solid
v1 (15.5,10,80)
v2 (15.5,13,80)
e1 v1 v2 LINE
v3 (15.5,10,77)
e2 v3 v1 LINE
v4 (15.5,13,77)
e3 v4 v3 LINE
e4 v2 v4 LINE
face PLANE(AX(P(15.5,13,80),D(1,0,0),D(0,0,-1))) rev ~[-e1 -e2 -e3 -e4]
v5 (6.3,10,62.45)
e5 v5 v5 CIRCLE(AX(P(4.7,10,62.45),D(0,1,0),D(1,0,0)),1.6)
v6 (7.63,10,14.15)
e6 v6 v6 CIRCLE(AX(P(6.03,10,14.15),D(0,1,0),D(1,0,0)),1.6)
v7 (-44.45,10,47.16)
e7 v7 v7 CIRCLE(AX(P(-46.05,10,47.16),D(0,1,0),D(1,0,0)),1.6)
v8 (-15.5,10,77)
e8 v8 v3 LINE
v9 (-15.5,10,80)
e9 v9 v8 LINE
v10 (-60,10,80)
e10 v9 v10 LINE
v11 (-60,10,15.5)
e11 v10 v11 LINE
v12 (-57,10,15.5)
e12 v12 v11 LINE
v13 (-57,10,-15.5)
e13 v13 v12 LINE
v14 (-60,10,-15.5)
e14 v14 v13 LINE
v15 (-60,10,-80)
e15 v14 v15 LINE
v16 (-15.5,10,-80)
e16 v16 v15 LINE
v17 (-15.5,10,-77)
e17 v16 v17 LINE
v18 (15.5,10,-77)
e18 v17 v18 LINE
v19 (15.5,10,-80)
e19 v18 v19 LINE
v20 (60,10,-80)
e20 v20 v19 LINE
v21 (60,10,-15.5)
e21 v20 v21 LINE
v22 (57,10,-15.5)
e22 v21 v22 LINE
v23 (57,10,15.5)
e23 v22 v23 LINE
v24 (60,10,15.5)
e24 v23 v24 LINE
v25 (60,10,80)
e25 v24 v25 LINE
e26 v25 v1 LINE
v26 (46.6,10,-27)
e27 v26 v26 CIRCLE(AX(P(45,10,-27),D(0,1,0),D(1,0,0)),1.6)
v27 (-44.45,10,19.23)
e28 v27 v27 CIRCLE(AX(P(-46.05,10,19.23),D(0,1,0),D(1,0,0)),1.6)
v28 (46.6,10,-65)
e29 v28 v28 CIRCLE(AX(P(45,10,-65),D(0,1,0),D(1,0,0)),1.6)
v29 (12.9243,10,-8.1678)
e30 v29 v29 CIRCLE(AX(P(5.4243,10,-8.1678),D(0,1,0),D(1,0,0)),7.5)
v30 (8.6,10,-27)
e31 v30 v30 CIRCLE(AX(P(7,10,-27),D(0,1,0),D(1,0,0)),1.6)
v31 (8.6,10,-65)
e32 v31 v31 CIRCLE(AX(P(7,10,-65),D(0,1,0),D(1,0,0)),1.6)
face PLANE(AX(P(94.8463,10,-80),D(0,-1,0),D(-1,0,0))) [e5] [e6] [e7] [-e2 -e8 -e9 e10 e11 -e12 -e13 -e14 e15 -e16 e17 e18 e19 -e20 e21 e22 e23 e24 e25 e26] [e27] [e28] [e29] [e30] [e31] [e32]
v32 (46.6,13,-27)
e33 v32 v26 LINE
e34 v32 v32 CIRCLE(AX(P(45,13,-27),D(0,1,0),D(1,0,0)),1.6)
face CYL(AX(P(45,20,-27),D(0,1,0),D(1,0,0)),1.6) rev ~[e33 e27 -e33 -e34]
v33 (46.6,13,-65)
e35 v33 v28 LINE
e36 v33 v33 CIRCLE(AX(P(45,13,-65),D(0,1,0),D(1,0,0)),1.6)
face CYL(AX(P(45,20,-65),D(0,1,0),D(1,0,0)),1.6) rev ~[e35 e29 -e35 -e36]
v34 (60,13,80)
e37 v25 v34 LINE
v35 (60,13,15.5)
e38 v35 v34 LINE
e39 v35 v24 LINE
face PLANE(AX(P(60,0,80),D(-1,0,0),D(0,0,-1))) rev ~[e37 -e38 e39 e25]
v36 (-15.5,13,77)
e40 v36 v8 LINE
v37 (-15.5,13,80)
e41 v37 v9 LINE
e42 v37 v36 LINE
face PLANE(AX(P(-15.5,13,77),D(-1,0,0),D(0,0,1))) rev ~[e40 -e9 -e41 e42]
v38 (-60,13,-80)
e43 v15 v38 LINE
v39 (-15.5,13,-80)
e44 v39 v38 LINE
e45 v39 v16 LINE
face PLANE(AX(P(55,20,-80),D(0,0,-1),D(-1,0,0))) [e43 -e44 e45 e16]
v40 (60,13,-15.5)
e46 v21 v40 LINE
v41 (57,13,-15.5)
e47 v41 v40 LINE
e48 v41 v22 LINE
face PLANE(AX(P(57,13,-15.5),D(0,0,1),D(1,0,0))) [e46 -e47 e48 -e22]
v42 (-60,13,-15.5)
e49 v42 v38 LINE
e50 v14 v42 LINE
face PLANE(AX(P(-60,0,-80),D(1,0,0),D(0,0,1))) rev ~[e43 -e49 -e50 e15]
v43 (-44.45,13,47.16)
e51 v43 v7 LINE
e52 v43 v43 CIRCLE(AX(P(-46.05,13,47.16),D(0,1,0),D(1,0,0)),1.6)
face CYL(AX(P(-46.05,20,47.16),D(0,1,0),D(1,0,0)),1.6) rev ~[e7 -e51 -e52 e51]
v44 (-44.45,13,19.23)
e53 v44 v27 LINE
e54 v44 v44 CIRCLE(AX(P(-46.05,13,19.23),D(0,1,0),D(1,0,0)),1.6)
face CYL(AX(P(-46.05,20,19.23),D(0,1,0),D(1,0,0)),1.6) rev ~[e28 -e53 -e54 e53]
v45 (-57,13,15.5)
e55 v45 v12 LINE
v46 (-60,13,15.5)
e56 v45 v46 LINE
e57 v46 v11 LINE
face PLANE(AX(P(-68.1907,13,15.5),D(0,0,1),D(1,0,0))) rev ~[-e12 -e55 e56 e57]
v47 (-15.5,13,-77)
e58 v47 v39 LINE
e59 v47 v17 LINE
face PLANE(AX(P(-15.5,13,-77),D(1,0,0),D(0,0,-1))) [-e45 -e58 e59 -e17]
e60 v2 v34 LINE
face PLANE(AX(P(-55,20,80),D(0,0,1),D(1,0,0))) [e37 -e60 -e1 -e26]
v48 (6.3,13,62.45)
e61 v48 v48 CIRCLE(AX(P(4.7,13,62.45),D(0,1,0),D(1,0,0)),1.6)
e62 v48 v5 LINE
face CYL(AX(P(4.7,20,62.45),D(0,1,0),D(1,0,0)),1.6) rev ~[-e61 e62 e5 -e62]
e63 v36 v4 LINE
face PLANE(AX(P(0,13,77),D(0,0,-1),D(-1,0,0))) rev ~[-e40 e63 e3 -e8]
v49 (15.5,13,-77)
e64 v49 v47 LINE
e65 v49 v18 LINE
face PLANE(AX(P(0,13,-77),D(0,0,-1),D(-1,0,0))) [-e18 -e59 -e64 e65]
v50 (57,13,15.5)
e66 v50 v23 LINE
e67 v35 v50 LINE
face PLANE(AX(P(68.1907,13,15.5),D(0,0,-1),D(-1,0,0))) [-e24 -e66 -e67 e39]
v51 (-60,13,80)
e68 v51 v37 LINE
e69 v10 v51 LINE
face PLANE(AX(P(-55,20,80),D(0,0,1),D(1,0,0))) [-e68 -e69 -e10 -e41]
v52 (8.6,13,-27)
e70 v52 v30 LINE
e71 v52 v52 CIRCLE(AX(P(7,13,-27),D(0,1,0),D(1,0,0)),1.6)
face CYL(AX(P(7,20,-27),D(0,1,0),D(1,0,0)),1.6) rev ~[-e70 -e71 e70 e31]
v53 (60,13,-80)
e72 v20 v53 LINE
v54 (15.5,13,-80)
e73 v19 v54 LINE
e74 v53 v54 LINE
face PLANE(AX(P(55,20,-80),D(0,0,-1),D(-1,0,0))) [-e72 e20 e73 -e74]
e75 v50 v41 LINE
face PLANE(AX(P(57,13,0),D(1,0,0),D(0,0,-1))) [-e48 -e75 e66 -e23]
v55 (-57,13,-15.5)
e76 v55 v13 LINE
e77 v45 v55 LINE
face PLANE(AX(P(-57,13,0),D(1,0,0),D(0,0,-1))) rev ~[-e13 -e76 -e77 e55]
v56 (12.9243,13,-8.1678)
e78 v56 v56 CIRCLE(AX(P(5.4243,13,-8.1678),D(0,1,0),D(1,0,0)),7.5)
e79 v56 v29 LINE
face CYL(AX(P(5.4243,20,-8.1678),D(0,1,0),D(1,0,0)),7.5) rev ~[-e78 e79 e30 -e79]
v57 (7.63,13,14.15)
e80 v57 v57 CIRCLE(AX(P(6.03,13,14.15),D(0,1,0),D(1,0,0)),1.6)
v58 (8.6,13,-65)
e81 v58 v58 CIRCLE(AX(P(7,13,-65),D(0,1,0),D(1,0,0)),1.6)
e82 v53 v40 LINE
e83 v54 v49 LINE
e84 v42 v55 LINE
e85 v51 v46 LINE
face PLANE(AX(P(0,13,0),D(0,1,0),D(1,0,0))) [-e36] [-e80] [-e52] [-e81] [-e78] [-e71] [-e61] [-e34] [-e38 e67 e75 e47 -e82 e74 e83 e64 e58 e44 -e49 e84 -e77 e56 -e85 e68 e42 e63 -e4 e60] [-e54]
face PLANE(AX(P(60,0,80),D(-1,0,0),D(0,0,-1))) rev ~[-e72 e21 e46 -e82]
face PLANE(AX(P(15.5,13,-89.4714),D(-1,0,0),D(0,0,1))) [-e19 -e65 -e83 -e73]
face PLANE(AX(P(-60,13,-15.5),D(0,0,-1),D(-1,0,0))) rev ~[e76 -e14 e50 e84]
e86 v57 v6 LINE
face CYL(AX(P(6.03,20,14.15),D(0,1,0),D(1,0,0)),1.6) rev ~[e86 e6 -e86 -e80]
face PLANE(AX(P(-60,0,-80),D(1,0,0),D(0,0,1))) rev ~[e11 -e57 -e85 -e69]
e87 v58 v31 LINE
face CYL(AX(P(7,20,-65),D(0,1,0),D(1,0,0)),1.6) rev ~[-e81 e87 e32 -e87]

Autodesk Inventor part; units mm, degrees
ref_plane "YZ Plane" through (0, 0, 0) normal (1, 0, 0) x (0, 1, 0)
ref_plane "XZ Plane" through (0, 0, 0) normal (0, 1, 0) x (-1, 0, 0)
ref_plane "XY Plane" through (0, 0, 0) normal (0, 0, 1) x (1, 0, 0)
sketch "스케치1" plane through (0, 0, 0) normal (0, 1, 0) x (-1, 0, 0)
  line L0 (60, 80) -> (-60, 80)
  line L1 (-60, 80) -> (-60, -80)
  line L2 (-60, -80) -> (60, -80)
  line L3 (60, -80) -> (60, 80)
  line L4 (60, 80) -> (-60, -80) construction
  line L5 (-60, 80) -> (60, -80) construction
  point P0 (0, 0)
  dimension "d0" = 120
  dimension "d1" = 160
extrude "돌출1" add sketch "스케치1" along normal blind 60
sketch "스케치2" plane through (0, 60, 0) normal (0, 1, 0) x (1, 0, 0)
  line L0 (60, -80) -> (60, 80) projected
  line L1 (60, 80) -> (-60, 80) projected
  line L2 (55, 102.1646) -> (-55, 102.1646)
  line L3 (-55, 102.1646) -> (-55, -89.711)
  line L4 (-55, -89.711) -> (55, -89.711)
  line L5 (55, -89.711) -> (55, 102.1646)
  line L6 (-60, 80) -> (-60, -80) projected
  point P0 (0, 0)
  point P1 (55, 80)
  point P2 (-55, 80)
  dimension "d6" = 5
  dimension "d7" = 5
extrude "돌출2" cut sketch "스케치2" against normal blind 40 contours L5 L4 L3 L1
sketch "스케치12" plane through (60, 0, -80) normal (0, 0, -1) x (-1, 0, 0)
  line L0 (-34.8463, 10) -> (156.2634, 10)
  line L1 (156.2634, 10) -> (156.2634, -36.9465)
  line L2 (156.2634, -36.9465) -> (-34.8463, -36.9465)
  line L3 (-34.8463, -36.9465) -> (-34.8463, 10)
  line L4 (0, 0) -> (120, 0) projected
  point P0 (60, 0)
  dimension "d85" = 10
extrude "돌출10" cut sketch "스케치12" against normal through all
sketch "스케치13" plane through (-55, 20, 80) normal (0, 0, 1) x (1, 0, 0)
  line L0 (0, 40) -> (0, 0) projected
  line L1 (0, 0) -> (110, 0) projected
  line L2 (0, 40) -> (110, 40)
  line L3 (110, 40) -> (110, 0)
  line L4 (110, 0) -> (0, 0)
  line L5 (0, 0) -> (0, 40)
  point P0 (55, -20)
extrude "돌출11" add sketch "스케치13" against normal blind 5
sketch "스케치14" plane through (55, 20, -80) normal (0, 0, -1) x (-1, 0, 0)
  line L0 (0, 0) -> (0, 40) projected
  line L1 (110, 0) -> (0, 0) projected
  line L2 (0, 40) -> (110, 40)
  line L3 (110, 40) -> (110, 0)
  line L4 (110, 0) -> (0, 0)
  line L5 (0, 0) -> (0, 40)
  point P0 (55, -20)
extrude "돌출12" add sketch "스케치14" against normal blind 5
sketch "스케치15" plane through (60, 60, -80) normal (0, 0, -1) x (-1, 0, 0)
  point P0 (60, -60)
sketch "스케치16" plane through (60, 60, -80) normal (0, 0, -1) x (-1, 0, 0)
  point P0 (60, -60)
sketch "스케치17" plane through (0, 20, 0) normal (0, 1, 0) x (1, 0, 0)
  line L0 (7, 27) -> (45, 27)
  line L1 (45, 27) -> (45, 65)
  line L2 (45, 65) -> (7, 65)
  line L3 (7, 65) -> (7, 27)
  line L4 (55, 75) -> (55, -75) projected
  line L5 (55, 75) -> (-55, 75) projected
  circle A0 centre (7, 27) radius 1.6
  circle A1 centre (7, 65) radius 1.6
  circle A2 centre (45, 65) radius 1.6
  circle A3 centre (45, 27) radius 1.6
  line L6 (-47.9371, 14.7215) -> (-7.9371, 14.7215)
  line L7 (-7.9371, 14.7215) -> (-7.9371, 64.7215)
  line L8 (-7.9371, 64.7215) -> (-47.9371, 64.7215)
  line L9 (-47.9371, 64.7215) -> (-47.9371, 14.7215)
  point P0 (0, 0)
  dimension "d92" = 38
  dimension "d93" = 38
  dimension "d95" = 10
  dimension "d96" = 10
  dimension "d97" = 3.2
  dimension "d98" = 3.2
  dimension "d99" = 3.2
  dimension "d100" = 3.2
  dimension "d113" = 40
  dimension "d114" = 50
extrude "돌출13" cut sketch "스케치17" against normal through all contours L3 A0 L0 | L0 A0 L3 | A3 L1 L0 | L0 L1 A3 | A1 L2 L3 | L3 L2 A1 | A2 L2 L1 | L1 L2 A2
sketch "스케치21" plane through (0, 20, 0) normal (0, 1, 0) x (1, 0, 0)
  circle A0 centre (5.4243, 8.1678) radius 7.5
  line L0 (-49.3888, 17.2731) -> (-9.3888, 17.2731)
  line L1 (-9.3888, 17.2731) -> (-9.3888, 67.2731)
  line L2 (-9.3888, 67.2731) -> (-49.3888, 67.2731)
  line L3 (-49.3888, 67.2731) -> (-49.3888, 17.2731)
  point P0 (0, 0)
  dimension "d117" = 15
  dimension "d118" = 50
  dimension "d119" = 40
extrude "돌출15" cut sketch "스케치21" against normal through all contours A0
sketch "스케치23" plane through (0, 20, 0) normal (0, 1, 0) x (1, 0, 0)
  line L0 (-48.6, -65) -> (20, -65)
  line L1 (20, -65) -> (20, -11.6)
  line L2 (20, -11.6) -> (-48.6, -11.6)
  line L3 (-48.6, -11.6) -> (-48.6, -65)
  line L4 (55, 75) -> (55, -75) projected
  line L5 (-55, -75) -> (55, -75) projected
  circle A0 centre (4.7, -62.45) radius 1.6
  circle A1 centre (6.03, -14.15) radius 1.6
  circle A2 centre (-46.05, -47.16) radius 1.6
  circle A3 centre (-46.05, -19.23) radius 1.6
  point P0 (0, 0)
  dimension "d123" = 68.6
  dimension "d124" = 53.4
  dimension "d125" = 35
  dimension "d126" = 10
  dimension "d127" = 3.2
  dimension "d128" = 15.3
  dimension "d129" = 2.55
  dimension "d130" = 3.2
  dimension "d131" = 13.97
  dimension "d132" = 2.55
  dimension "d133" = 3.2
  dimension "d134" = 35.56
  dimension "d135" = 3.2
  dimension "d136" = 2.55
  dimension "d137" = 2.55
  dimension "d138" = 7.63
extrude "돌출16" cut sketch "스케치23" against normal through all contours A0 | A1 | A2 | A3
sketch "스케치24" plane through (0, 60, 0) normal (0, 1, 0) x (1, 0, 0)
  line L0 (-60, 80) -> (-60, -80) projected
  line L1 (60, 80) -> (-60, 80) projected
  line L2 (-60, -80) -> (60, -80)
  line L3 (60, -80) -> (60, 80)
  line L4 (60, 80) -> (-60, 80)
  line L5 (-60, 80) -> (-60, -80)
  point P0 (0, 0)
extrude "돌출17" cut sketch "스케치24" against normal blind 40
sketch "스케치25" plane through (60, 20, -80) normal (0, 0, -1) x (-1, 0, 0)
  point P0 (60, -20)
sketch "스케치26" plane through (0, 20, 0) normal (0, 1, 0) x (1, 0, 0)
  point P0 (0, 0)
sketch "스케치27" plane through (0, 20, 0) normal (0, 1, 0) x (1, 0, 0)
  line L0 (-60, -80) -> (-60, 80) projected
  line L1 (60, 80) -> (60, -80) projected
  line L2 (-60, -80) -> (60, -80)
  line L3 (60, -80) -> (60, 80)
  line L4 (60, 80) -> (-60, 80)
  line L5 (-60, 80) -> (-60, -80)
  point P0 (0, 0)
  point P1 (60, -80)
extrude "돌출18" cut sketch "스케치27" against normal blind 7
sketch "스케치28" plane through (0, 13, 0) normal (0, 1, 0) x (1, 0, 0)
  line L0 (-68.1907, -15.5) -> (-57, -15.5)
  line L1 (-57, -15.5) -> (-57, 15.5)
  line L2 (-57, 15.5) -> (-68.1907, 15.5)
  line L3 (-68.1907, 15.5) -> (-68.1907, -15.5)
  line L4 (-60, -80) -> (-60, 80) projected
  line L5 (60, -80) -> (-60, -80) projected
  line L6 (-15.5, -89.4714) -> (15.5, -89.4714)
  line L7 (15.5, -89.4714) -> (15.5, -77)
  line L8 (15.5, -77) -> (-15.5, -77)
  line L9 (-15.5, -77) -> (-15.5, -89.4714)
  line L10 (-60, 0) -> (60, 0)
  line L11 (0, 80) -> (0, -80)
  line L12 (-60, -80) -> (60, -80) projected
  line L13 (-15.5, 89.4714) -> (15.5, 89.4714)
  line L14 (15.5, 89.4714) -> (15.5, 77)
  line L15 (15.5, 77) -> (-15.5, 77)
  line L16 (-15.5, 77) -> (-15.5, 89.4714)
  line L17 (68.1907, -15.5) -> (57, -15.5)
  line L18 (57, -15.5) -> (57, 15.5)
  line L19 (57, 15.5) -> (68.1907, 15.5)
  line L20 (68.1907, 15.5) -> (68.1907, -15.5)
  point P0 (0, 0)
  dimension "d145" = 3
  dimension "d146" = 64.5
  dimension "d147" = 31
  dimension "d148" = 31
  dimension "d149" = 44.5
  dimension "d152" = 3
extrude "돌출19" cut sketch "스케치28" against normal through all contours L3 L2 L4 L0 | L15 L16 L13 L14 | L18 L19 L20 L17 | L4 L10 L1 L0 | L4 L2 L1 L10 | L9 L8 L11 L5 | L5 L7 L6 L9 | L11 L8 L7 L5
properties part number "본체 뚜껑 레이저"
